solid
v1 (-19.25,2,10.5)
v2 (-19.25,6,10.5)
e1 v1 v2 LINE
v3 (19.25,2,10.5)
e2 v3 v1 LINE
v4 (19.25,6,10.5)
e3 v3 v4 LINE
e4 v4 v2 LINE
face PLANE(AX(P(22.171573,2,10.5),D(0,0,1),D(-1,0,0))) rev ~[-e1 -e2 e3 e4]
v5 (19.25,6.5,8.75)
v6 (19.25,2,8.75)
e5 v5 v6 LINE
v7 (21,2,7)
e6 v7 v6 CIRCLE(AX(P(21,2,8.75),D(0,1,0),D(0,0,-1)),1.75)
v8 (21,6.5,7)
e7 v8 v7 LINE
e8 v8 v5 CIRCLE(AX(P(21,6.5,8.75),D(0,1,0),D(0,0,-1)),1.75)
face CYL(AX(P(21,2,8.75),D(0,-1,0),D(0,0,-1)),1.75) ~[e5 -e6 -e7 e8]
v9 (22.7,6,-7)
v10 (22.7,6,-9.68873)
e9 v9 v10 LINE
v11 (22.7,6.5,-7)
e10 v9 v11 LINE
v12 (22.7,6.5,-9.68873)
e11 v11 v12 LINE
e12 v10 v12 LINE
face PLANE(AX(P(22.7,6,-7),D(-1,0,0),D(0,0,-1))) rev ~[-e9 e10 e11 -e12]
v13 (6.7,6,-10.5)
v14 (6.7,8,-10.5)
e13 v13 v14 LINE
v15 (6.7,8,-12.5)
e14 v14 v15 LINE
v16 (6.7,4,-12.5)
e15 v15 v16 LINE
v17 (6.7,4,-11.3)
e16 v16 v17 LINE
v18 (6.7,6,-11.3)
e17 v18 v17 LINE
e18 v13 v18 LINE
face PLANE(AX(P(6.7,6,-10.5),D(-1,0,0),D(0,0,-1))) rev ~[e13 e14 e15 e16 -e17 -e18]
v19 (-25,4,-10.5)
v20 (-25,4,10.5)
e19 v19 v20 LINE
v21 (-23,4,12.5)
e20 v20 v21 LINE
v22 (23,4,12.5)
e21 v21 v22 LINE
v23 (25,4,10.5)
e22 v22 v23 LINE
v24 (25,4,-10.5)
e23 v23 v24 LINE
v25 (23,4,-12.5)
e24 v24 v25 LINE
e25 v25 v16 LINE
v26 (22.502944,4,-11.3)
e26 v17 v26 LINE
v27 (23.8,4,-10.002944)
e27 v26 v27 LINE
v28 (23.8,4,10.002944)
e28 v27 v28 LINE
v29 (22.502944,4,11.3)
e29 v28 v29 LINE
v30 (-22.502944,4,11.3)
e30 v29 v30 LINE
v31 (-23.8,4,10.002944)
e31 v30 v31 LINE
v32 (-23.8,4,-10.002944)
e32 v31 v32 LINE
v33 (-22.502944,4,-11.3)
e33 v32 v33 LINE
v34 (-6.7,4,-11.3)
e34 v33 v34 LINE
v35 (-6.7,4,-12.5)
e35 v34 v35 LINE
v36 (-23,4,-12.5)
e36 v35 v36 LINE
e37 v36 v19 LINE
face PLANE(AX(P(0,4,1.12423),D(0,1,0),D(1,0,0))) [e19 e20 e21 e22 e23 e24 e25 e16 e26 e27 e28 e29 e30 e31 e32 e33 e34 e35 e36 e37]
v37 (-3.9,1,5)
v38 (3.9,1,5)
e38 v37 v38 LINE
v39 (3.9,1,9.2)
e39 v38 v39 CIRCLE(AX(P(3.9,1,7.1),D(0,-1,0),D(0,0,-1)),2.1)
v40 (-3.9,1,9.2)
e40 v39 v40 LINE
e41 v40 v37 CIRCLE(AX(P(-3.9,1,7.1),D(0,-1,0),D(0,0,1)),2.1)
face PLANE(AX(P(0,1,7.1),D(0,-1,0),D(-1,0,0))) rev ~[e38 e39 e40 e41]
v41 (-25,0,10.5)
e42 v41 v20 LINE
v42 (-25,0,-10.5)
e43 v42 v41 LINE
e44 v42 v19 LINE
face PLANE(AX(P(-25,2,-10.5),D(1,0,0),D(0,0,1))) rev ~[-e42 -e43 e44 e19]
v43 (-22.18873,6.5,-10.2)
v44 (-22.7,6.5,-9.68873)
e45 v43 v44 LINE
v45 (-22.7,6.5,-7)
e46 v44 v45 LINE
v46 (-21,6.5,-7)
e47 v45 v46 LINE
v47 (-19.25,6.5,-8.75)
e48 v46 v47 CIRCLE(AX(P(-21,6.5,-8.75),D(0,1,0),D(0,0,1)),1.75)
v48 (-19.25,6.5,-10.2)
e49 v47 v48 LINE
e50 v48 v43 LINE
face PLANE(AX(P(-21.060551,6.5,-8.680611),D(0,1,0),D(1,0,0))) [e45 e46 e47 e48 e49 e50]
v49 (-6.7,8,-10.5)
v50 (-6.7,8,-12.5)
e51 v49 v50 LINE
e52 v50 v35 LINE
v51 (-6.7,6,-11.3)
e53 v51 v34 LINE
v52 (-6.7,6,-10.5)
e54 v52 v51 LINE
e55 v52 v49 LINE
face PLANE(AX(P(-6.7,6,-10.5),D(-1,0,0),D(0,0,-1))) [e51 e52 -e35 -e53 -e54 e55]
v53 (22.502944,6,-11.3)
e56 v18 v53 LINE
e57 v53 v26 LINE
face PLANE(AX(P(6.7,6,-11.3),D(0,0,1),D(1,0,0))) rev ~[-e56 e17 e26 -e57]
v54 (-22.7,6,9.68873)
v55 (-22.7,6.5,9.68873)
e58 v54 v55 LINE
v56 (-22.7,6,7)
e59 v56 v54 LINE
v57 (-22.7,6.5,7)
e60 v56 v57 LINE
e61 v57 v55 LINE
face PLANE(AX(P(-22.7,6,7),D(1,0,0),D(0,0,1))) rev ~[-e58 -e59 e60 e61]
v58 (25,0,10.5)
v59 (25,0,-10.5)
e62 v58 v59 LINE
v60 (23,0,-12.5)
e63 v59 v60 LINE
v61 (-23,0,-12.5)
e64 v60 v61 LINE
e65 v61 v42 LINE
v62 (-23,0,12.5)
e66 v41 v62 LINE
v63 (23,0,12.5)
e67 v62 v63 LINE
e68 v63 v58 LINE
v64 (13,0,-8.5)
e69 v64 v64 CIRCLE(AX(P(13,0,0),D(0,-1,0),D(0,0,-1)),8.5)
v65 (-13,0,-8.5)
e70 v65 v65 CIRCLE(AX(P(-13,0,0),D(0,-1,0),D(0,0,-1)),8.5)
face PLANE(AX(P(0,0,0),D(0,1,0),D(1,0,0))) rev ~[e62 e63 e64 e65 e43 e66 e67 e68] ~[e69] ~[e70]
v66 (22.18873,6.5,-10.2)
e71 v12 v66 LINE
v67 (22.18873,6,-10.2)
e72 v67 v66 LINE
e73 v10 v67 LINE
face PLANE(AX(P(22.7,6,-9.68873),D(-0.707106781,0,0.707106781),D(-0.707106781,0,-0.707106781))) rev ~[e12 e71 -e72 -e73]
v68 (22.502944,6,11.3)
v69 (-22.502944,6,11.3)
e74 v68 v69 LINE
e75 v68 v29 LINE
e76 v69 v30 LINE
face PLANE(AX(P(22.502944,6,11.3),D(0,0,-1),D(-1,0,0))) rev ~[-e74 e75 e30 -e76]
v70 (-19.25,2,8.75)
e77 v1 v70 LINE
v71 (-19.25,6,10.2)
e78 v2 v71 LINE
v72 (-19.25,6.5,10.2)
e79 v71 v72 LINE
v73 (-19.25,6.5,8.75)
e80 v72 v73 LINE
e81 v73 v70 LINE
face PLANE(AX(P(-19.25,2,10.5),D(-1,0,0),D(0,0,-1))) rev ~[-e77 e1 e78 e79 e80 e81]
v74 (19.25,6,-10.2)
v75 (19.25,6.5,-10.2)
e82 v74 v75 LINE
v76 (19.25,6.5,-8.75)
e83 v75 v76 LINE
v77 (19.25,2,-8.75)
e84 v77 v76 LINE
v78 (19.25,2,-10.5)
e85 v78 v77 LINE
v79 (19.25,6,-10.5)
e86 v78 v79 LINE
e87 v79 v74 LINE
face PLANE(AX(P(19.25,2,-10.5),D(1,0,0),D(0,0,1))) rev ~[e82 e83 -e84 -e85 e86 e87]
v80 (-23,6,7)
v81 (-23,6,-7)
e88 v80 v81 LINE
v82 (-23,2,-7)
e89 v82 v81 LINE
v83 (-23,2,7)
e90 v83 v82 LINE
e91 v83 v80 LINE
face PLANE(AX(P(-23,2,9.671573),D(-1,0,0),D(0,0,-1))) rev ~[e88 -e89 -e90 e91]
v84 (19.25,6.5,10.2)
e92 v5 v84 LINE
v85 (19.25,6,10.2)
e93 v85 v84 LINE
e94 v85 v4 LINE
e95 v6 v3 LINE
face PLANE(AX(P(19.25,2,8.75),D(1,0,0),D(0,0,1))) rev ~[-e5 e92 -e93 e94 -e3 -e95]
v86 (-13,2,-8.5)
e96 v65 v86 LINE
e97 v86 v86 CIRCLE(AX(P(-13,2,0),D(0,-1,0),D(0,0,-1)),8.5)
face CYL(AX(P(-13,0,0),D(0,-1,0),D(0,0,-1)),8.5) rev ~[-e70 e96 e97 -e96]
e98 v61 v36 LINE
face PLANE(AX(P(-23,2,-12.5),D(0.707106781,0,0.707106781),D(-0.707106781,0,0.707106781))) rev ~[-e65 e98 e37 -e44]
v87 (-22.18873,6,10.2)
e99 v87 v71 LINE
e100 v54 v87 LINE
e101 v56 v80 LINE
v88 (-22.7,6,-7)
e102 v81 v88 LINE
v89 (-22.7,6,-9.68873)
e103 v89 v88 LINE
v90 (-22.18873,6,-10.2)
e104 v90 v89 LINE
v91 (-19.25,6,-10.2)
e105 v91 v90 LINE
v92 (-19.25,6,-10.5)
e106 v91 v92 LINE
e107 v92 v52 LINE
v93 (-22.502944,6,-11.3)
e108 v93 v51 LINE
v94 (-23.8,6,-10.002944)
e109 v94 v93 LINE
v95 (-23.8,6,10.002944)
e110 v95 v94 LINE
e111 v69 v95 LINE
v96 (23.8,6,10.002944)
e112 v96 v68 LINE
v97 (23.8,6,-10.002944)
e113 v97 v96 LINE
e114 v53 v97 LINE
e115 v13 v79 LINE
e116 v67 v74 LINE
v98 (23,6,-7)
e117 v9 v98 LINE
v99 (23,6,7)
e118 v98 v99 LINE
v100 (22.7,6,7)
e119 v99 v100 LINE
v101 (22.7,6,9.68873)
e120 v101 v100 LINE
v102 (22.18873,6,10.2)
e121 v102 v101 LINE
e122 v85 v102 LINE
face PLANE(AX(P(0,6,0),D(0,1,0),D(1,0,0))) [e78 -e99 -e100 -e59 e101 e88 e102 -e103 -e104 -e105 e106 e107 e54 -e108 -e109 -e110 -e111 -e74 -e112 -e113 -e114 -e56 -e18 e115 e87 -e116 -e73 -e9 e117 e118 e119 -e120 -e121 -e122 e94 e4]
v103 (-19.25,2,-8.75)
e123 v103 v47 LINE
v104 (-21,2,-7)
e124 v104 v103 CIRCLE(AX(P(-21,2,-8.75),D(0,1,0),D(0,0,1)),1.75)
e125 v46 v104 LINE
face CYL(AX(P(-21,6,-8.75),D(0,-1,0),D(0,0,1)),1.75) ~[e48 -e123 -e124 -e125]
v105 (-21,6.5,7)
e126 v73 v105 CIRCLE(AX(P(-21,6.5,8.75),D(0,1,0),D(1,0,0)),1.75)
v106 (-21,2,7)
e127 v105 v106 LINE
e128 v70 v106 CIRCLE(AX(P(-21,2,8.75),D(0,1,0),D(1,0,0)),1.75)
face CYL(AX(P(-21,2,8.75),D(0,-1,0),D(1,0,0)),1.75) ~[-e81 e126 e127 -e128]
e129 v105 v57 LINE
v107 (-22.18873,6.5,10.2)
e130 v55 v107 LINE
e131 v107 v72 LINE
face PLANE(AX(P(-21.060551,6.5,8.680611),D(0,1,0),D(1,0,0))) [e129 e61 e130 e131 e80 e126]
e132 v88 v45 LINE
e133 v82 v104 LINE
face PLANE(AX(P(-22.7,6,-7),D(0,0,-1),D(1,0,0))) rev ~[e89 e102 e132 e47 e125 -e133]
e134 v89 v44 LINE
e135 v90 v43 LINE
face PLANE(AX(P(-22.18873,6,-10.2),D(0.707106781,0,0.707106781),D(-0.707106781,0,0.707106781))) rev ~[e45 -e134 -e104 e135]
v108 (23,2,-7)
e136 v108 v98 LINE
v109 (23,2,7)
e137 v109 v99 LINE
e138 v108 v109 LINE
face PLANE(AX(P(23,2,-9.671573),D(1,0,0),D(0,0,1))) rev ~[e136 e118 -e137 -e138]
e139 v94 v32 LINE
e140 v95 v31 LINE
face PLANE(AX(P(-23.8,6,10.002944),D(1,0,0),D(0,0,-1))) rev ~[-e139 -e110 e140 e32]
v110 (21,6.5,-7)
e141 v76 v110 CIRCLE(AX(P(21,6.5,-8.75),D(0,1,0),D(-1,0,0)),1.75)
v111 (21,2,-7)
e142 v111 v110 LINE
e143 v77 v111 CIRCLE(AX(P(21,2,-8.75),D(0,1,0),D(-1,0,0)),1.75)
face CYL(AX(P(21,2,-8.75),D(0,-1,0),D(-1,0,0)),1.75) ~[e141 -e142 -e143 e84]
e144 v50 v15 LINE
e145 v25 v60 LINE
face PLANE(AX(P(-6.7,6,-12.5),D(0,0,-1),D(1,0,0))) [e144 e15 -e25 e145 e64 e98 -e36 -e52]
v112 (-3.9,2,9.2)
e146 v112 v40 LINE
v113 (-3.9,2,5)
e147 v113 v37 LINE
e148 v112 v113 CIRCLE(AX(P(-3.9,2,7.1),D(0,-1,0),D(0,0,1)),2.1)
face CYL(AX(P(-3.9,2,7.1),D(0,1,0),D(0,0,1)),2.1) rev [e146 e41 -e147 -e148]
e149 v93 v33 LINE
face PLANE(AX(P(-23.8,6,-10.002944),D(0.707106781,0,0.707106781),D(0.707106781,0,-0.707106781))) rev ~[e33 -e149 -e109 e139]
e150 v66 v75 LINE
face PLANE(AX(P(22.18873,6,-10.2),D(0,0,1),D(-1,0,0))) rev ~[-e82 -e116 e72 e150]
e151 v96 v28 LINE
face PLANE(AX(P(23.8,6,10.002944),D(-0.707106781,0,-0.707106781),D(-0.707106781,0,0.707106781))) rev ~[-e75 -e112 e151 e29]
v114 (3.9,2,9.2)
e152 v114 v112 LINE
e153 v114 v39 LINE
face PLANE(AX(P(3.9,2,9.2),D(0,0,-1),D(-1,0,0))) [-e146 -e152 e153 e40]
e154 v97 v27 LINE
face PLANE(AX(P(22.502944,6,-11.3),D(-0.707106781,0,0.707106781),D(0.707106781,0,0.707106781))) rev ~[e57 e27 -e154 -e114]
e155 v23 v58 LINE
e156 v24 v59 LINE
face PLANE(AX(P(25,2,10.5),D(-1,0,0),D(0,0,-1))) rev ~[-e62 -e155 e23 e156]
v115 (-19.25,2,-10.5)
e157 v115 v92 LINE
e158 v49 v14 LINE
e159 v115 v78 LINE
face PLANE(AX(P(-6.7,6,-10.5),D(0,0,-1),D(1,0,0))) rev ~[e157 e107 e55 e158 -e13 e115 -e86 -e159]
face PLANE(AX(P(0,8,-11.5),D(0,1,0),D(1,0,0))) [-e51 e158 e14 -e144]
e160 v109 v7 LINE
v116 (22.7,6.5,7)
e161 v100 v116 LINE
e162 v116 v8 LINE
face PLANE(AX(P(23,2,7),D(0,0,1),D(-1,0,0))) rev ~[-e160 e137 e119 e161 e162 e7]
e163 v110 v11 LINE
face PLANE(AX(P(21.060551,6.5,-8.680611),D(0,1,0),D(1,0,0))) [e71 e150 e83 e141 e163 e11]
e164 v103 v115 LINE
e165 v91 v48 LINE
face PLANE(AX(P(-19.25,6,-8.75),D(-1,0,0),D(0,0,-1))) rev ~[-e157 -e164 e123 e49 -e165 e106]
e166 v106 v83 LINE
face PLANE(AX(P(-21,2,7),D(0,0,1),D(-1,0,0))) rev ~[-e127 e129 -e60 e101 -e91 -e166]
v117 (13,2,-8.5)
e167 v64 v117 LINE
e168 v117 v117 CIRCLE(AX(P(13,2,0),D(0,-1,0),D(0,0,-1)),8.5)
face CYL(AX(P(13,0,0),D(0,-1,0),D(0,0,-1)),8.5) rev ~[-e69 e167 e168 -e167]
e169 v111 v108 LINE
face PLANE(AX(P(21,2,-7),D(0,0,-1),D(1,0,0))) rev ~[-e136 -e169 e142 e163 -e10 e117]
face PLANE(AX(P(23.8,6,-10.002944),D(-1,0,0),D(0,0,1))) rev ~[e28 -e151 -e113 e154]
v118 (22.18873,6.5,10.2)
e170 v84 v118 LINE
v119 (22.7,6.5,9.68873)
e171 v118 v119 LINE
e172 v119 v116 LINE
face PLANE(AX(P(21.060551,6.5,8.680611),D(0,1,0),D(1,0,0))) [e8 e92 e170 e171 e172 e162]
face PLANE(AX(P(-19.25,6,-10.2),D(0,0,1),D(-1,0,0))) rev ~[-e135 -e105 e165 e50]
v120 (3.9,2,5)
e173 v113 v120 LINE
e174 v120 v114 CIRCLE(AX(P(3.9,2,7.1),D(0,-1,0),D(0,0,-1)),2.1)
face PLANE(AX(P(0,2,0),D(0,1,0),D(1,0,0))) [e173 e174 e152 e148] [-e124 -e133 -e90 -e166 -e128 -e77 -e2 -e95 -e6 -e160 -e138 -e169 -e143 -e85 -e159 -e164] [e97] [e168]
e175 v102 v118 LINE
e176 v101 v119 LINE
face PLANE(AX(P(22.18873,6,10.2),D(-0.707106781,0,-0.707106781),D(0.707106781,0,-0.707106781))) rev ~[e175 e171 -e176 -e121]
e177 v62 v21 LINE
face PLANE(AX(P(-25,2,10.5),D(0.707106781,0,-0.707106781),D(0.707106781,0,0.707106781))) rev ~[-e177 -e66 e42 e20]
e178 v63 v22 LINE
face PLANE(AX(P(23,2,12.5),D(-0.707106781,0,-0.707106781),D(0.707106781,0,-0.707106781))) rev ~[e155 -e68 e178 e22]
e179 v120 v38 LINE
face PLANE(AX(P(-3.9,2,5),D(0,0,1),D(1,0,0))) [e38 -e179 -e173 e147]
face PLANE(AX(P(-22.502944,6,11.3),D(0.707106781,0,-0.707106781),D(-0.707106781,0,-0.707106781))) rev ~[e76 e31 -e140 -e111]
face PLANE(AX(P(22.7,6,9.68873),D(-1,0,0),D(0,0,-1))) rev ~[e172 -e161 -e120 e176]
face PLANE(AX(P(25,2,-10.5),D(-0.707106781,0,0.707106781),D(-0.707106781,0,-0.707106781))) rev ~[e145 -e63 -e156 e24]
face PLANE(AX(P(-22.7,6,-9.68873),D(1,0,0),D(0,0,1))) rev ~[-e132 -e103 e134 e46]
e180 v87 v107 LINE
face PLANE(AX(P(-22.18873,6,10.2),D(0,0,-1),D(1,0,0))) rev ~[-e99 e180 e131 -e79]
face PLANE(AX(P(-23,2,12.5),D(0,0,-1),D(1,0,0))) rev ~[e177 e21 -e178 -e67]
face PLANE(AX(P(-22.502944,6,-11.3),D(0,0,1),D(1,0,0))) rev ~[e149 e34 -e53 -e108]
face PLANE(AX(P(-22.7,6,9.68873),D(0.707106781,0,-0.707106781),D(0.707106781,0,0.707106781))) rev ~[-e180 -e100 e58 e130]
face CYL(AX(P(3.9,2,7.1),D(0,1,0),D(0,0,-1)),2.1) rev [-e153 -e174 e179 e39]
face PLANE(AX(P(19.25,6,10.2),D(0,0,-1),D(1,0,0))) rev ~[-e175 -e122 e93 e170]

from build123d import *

# Parameters (mm, degrees)
BOSS_EXTRUDE1_DEPTH = 2
BOSS_EXTRUDE2_DEPTH = 4
BOSS_EXTRUDE3_DEPTH = 4
SKETCH3_R           = 8.5
FORSENSORS_DEPTH    = 5
FORCRYSTAL_DEPTH    = 1
PCBLEDGE_DEPTH      = 0.5
GROOVE_DEPTH        = 2
SKETCH7_W           = 13.4
SKETCH7_H           = 2
BOSS_EXTRUDE5_DEPTH = 2


with BuildPart() as part:
    # Sketch1 → Boss-Extrude1 (new body)
    with BuildSketch(Plane(origin=(0, 0, 0), x_dir=(1, 0, 0), z_dir=(0, 1, 0))):
        Polygon((7, 12.5), (-23, 12.5), (-25, 10.5), (-25, -10.5), (-23, -12.5), (23, -12.5), (25, -10.5), (25, 10.5), (23, 12.5), align=None)
    extrude(amount=BOSS_EXTRUDE1_DEPTH)

    # Sketch2 → Boss-Extrude2 (add)
    with BuildSketch(Plane(origin=(0, 2, 0), x_dir=(1, 0, 0), z_dir=(0, 1, 0))):
        with BuildLine():
            Line((-19.25, 8.75), (-19.25, 10.5))
            Line((-19.25, 10.5), (-22.171572875, 10.5))
            Line((-22.171572875, 10.5), (-23, 9.671572875))
            Line((-23, 9.671572875), (-23, 7))
            Line((-23, 7), (-21, 7))
            ThreePointArc((-21, 7), (-19.762563133, 7.512563133), (-19.25, 8.75))
        make_face()
        with BuildLine():
            Line((22.171572875, 10.5), (19.25, 10.5))
            Line((19.25, 10.5), (19.25, 8.75))
            ThreePointArc((19.25, 8.75), (19.762563133, 7.512563133), (21, 7))
            Line((21, 7), (23, 7))
            Line((23, 7), (23, 9.671572875))
            Line((23, 9.671572875), (22.171572875, 10.5))
        make_face()
        with BuildLine():
            Line((-21, -7), (-23, -7))
            Line((-23, -7), (-23, -9.671572875))
            Line((-23, -9.671572875), (-22.171572875, -10.5))
            Line((-22.171572875, -10.5), (-19.25, -10.5))
            Line((-19.25, -10.5), (-19.25, -8.75))
            ThreePointArc((-19.25, -8.75), (-19.762563133, -7.512563133), (-21, -7))
        make_face()
        with BuildLine():
            Line((23, -9.671572875), (23, -7))
            Line((23, -7), (21, -7))
            ThreePointArc((21, -7), (19.762563133, -7.512563133), (19.25, -8.75))
            Line((19.25, -8.75), (19.25, -10.5))
            Line((19.25, -10.5), (22.171572875, -10.5))
            Line((22.171572875, -10.5), (23, -9.671572875))
        make_face()
    extrude(amount=BOSS_EXTRUDE2_DEPTH)

    # Sketch2<3> → Boss-Extrude3 (add)
    with BuildSketch(Plane(origin=(0, 2, 0), x_dir=(1, 0, 0), z_dir=(0, 1, 0))):
        Polygon((23, 12.5), (7.5, 12.5), (-7.5, 12.5), (-23, 12.5), (-25, 10.5), (-25, -10.5), (-23, -12.5), (0, -12.5), (23, -12.5), (25, -10.5), (25, 10.5), align=None)
        Polygon((-19.25, 10.5), (-1.449649569, 10.5), (1.449649569, 10.5), (19.25, 10.5), (22.171572875, 10.5), (23, 9.671572875), (23, 7), (23, -7), (23, -9.671572875), (22.171572875, -10.5), (19.25, -10.5), (0, -10.5), (-19.25, -10.5), (-22.171572875, -10.5), (-23, -9.671572875), (-23, -7), (-23, 7), (-23, 9.671572875), (-22.171572875, 10.5), align=None, mode=Mode.SUBTRACT)
    extrude(amount=BOSS_EXTRUDE3_DEPTH)

    # Sketch3 → ForSensors (cut)
    with BuildSketch(Plane.XZ):
        with Locations((-13, 0)):
            Circle(SKETCH3_R)
        with Locations((13, 0)):
            Circle(SKETCH3_R)
    extrude(amount=-FORSENSORS_DEPTH, mode=Mode.SUBTRACT)

    # Sketch4 → ForCrystal (cut)
    with BuildSketch(Plane(origin=(0, 2, 0), x_dir=(1, 0, 0), z_dir=(0, 1, 0))):
        with BuildLine():
            Line((3.9, -9.2), (-3.9, -9.2))
            ThreePointArc((-3.9, -9.2), (-6, -7.1), (-3.9, -5))
            Line((-3.9, -5), (3.9, -5))
            ThreePointArc((3.9, -5), (6, -7.1), (3.9, -9.2))
        make_face()
    extrude(amount=-FORCRYSTAL_DEPTH, mode=Mode.SUBTRACT)

    # Sketch5 → PcbLedge (add)
    with BuildSketch(Plane(origin=(0, 6, 0), x_dir=(1, 0, 0), z_dir=(0, 1, 0))):
        with BuildLine():
            ThreePointArc((19.25, 8.75), (19.762563133, 7.512563133), (21, 7))
            Line((21, 7), (22.7, 7))
            Line((22.7, 7), (22.7, 9.688730163))
            Line((22.7, 9.688730163), (22.188730163, 10.2))
            Line((22.188730163, 10.2), (19.25, 10.2))
            Line((19.25, 10.2), (19.25, 8.75))
        make_face()
        with BuildLine():
            Line((22.7, -7), (21, -7))
            ThreePointArc((21, -7), (19.762563133, -7.512563133), (19.25, -8.75))
            Line((19.25, -8.75), (19.25, -10.2))
            Line((19.25, -10.2), (22.188730163, -10.2))
            Line((22.188730163, -10.2), (22.7, -9.688730163))
            Line((22.7, -9.688730163), (22.7, -7))
        make_face()
        with BuildLine():
            ThreePointArc((-21, 7), (-19.762563133, 7.512563133), (-19.25, 8.75))
            Line((-19.25, 8.75), (-19.25, 10.2))
            Line((-19.25, 10.2), (-22.188730163, 10.2))
            Line((-22.188730163, 10.2), (-22.7, 9.688730163))
            Line((-22.7, 9.688730163), (-22.7, 7))
            Line((-22.7, 7), (-21, 7))
        make_face()
        with BuildLine():
            Line((-19.25, -10.2), (-19.25, -8.75))
            ThreePointArc((-19.25, -8.75), (-19.762563133, -7.512563133), (-21, -7))
            Line((-21, -7), (-22.7, -7))
            Line((-22.7, -7), (-22.7, -9.688730163))
            Line((-22.7, -9.688730163), (-22.188730163, -10.2))
            Line((-22.188730163, -10.2), (-19.25, -10.2))
        make_face()
    extrude(amount=PCBLEDGE_DEPTH)

    # Sketch6 → Groove (cut)
    with BuildSketch(Plane(origin=(0, 6, 0), x_dir=(1, 0, 0), z_dir=(0, 1, 0))):
        Polygon((25, 10.5), (23, 12.5), (6.7, 12.5), (6.7, 11.3), (22.502943725, 11.3), (23.8, 10.002943725), (23.8, -10.002943725), (22.502943725, -11.3), (-22.502943725, -11.3), (-23.8, -10.002943725), (-23.8, 10.002943725), (-22.502943725, 11.3), (-6.7, 11.3), (-6.7, 12.5), (-23, 12.5), (-25, 10.5), (-25, -10.5), (-23, -12.5), (23, -12.5), (25, -10.5), align=None)
    extrude(amount=-GROOVE_DEPTH, mode=Mode.SUBTRACT)

    # Sketch7 → Boss-Extrude5 (add)
    with BuildSketch(Plane(origin=(0, 6, 0), x_dir=(1, 0, 0), z_dir=(0, 1, 0))):
        with Locations((0, 11.5)):
            Rectangle(SKETCH7_W, SKETCH7_H)
    extrude(amount=BOSS_EXTRUDE5_DEPTH)


solid = part.part
